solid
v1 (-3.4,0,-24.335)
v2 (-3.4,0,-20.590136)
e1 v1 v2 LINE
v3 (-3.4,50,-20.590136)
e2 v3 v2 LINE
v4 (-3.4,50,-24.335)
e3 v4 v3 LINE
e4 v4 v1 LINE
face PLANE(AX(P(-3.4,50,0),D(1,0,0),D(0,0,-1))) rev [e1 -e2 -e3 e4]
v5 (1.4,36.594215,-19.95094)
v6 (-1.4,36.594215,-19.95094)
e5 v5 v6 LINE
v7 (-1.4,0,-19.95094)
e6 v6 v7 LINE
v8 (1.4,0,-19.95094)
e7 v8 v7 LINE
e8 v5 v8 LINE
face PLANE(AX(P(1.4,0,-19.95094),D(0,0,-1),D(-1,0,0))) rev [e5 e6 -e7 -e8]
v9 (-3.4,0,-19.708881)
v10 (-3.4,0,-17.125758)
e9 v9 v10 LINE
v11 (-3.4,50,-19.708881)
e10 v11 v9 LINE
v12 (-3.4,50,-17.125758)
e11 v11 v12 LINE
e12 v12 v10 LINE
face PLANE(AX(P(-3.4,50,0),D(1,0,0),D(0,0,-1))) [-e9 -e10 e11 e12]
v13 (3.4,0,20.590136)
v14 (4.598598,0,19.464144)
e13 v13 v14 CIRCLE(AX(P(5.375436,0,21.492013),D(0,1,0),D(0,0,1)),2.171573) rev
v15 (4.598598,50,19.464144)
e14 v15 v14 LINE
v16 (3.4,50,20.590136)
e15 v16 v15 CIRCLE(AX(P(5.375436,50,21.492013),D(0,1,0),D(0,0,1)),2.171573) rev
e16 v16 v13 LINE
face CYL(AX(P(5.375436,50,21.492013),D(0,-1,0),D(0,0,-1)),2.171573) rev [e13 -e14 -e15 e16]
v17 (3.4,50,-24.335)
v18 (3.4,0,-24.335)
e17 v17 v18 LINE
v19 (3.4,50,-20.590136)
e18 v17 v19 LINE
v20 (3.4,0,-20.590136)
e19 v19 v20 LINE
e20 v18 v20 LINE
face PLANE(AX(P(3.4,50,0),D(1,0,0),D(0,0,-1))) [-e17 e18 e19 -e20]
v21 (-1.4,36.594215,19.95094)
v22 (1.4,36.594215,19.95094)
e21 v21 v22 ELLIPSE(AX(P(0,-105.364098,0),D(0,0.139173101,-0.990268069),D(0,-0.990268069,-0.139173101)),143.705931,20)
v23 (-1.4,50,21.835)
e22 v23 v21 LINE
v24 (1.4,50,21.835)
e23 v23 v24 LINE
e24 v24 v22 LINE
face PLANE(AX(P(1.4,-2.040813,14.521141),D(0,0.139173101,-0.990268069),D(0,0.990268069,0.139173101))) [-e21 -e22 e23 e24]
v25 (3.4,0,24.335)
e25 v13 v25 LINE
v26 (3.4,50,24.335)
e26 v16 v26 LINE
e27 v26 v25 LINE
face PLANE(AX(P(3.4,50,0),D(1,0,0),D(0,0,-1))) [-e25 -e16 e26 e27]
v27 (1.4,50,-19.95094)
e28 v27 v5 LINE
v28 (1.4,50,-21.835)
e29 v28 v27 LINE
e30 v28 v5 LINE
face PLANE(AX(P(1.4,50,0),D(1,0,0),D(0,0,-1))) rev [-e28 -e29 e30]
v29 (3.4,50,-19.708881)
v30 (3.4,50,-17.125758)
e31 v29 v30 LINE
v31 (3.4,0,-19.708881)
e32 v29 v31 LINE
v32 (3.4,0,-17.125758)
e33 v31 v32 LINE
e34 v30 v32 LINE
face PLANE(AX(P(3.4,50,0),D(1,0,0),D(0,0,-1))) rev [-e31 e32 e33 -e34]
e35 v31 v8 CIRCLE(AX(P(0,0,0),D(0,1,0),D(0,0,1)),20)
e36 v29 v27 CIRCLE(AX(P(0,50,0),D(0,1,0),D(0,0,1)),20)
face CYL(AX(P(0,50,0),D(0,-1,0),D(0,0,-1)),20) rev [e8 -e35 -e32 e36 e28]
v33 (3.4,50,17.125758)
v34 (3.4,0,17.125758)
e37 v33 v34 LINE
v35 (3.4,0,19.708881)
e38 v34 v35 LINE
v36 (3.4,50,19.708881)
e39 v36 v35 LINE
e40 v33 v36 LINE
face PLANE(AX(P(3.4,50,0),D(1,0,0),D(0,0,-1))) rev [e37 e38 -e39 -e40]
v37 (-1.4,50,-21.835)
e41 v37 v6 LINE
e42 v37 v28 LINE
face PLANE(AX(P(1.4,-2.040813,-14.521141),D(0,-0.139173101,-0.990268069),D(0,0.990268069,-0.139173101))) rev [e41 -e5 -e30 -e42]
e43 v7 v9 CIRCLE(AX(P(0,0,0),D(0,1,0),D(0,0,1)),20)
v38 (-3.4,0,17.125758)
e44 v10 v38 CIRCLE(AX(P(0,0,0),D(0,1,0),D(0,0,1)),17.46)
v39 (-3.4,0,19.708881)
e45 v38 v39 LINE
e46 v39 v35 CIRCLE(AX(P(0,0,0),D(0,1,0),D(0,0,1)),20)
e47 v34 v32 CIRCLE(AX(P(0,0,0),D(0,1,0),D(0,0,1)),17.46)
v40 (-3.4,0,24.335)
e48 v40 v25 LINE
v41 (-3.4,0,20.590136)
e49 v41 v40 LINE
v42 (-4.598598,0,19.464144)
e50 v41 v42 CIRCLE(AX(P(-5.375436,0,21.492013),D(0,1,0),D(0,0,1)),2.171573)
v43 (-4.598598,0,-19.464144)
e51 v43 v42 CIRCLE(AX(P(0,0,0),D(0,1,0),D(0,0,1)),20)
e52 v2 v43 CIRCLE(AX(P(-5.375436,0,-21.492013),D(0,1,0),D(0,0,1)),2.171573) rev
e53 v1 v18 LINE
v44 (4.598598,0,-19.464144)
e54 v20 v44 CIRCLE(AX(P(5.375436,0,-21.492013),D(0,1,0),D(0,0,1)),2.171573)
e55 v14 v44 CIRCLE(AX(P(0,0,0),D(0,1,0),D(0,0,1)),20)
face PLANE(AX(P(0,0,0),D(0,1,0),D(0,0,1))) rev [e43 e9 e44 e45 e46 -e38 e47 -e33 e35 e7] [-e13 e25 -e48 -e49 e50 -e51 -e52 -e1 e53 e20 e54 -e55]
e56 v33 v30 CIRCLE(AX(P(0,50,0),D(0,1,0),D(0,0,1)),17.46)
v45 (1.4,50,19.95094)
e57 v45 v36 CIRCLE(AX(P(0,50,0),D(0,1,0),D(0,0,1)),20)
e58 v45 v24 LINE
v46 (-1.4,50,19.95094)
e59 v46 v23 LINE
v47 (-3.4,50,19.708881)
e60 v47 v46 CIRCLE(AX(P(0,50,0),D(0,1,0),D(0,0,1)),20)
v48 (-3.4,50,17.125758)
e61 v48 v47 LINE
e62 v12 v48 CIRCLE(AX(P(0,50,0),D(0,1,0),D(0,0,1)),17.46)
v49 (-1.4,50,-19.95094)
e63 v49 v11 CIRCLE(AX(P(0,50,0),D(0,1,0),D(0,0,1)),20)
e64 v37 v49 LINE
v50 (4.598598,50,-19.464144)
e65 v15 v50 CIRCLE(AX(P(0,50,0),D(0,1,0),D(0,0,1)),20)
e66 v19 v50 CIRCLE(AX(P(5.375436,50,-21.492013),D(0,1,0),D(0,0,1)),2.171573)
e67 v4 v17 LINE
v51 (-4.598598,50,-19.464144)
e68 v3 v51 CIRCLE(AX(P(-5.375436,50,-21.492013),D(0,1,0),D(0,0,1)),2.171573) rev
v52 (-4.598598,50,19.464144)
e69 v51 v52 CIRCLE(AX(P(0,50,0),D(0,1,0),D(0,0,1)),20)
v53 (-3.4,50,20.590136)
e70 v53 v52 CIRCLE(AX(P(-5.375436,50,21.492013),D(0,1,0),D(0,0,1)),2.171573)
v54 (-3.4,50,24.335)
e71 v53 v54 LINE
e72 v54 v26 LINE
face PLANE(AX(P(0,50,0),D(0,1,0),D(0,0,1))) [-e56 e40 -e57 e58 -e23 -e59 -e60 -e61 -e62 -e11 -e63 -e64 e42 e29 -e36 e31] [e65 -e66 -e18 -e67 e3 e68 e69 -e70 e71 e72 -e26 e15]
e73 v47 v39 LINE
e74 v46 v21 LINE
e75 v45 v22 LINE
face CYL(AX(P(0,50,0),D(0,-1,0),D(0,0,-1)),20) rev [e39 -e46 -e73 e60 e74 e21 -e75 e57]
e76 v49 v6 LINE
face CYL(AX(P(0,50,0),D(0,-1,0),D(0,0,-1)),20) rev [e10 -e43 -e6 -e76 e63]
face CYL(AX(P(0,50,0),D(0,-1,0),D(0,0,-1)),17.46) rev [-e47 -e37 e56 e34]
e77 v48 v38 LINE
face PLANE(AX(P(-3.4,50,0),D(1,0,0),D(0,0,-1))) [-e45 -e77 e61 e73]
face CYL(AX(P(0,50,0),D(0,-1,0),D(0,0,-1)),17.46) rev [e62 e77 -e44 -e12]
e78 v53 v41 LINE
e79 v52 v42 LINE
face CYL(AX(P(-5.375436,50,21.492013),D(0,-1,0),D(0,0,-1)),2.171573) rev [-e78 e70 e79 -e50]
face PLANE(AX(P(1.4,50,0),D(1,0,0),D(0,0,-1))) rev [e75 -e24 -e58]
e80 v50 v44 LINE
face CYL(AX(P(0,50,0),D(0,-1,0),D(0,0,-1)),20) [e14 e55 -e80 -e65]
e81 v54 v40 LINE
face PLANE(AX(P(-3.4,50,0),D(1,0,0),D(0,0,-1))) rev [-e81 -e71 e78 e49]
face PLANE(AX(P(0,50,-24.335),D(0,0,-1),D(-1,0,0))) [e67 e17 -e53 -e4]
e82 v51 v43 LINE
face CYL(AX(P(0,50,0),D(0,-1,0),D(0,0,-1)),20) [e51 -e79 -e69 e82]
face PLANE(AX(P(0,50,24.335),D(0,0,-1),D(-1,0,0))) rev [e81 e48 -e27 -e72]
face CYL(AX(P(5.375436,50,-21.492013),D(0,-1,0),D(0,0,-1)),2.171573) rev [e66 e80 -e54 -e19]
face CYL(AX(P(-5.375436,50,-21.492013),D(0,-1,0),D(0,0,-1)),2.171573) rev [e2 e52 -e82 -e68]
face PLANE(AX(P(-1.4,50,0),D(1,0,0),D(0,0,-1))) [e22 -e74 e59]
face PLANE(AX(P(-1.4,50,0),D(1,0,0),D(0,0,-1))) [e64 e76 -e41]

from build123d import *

# Parameters (mm, degrees)
BOSS_EXTRUDE1_DEPTH     = 50
BOSS_EXTRUDE2_DEPTH     = 2.8
CUT_EXTRUDE1_DEPTH      = 60.094773246
CUT_EXTRUDE1_DEPTH_BACK = 60.094773246


with BuildPart() as part:
    # Sketch1 → Boss-Extrude1 (new body)
    with BuildSketch(Plane(origin=(0, 0, 0), x_dir=(1, 0, 0), z_dir=(0, 1, 0))):
        with BuildLine():
            Line((3.4, 20.590136136), (3.4, 19.708881247))
            ThreePointArc((3.4, 19.708881247), (4.001170568, 19.595678965), (4.598597833, 19.464143905))
            ThreePointArc((4.598597833, 19.464143905), (3.888587722, 19.909290009), (3.4, 20.590136136))
        make_face()
        with BuildLine():
            ThreePointArc((-4.598597833, 19.464143905), (-4.001170568, 19.595678965), (-3.4, 19.708881247))
            Line((-3.4, 19.708881247), (-3.4, 20.590136136))
            ThreePointArc((-3.4, 20.590136136), (-3.888587722, 19.909290009), (-4.598597833, 19.464143905))
        make_face()
        with BuildLine():
            Line((-1.4, 19.950939827), (-1.4, 21.835))
            Line((-1.4, 21.835), (1.4, 21.835))
            Line((1.4, 21.835), (1.4, 19.950939827))
            ThreePointArc((1.4, 19.950939827), (2.403049748, 19.855108962), (3.4, 19.708881247))
            Line((3.4, 19.708881247), (3.4, 20.590136136))
            Line((3.4, 20.590136136), (3.4, 24.335))
            Line((3.4, 24.335), (-3.4, 24.335))
            Line((-3.4, 24.335), (-3.4, 20.590136136))
            Line((-3.4, 20.590136136), (-3.4, 19.708881247))
            ThreePointArc((-3.4, 19.708881247), (-2.403049748, 19.855108962), (-1.4, 19.950939827))
        make_face()
        with BuildLine():
            Line((-3.4, 17.125758377), (-3.4, 19.708881247))
            ThreePointArc((-3.4, 19.708881247), (-4.001170568, 19.595678965), (-4.598597833, 19.464143905))
            ThreePointArc((-4.598597833, 19.464143905), (-20, 0), (-4.598597833, -19.464143905))
            ThreePointArc((-4.598597833, -19.464143905), (-4.001170568, -19.595678965), (-3.4, -19.708881247))
            Line((-3.4, -19.708881247), (-3.4, -17.125758377))
            ThreePointArc((-3.4, -17.125758377), (-17.46, 0), (-3.4, 17.125758377))
        make_face()
        with BuildLine():
            ThreePointArc((4.598597833, 19.464143905), (4.001170568, 19.595678965), (3.4, 19.708881247))
            Line((3.4, 19.708881247), (3.4, 17.125758377))
            ThreePointArc((3.4, 17.125758377), (13.494732306, 11.078980097), (17.46, 0))
            ThreePointArc((17.46, 0), (13.494732306, -11.078980097), (3.4, -17.125758377))
            Line((3.4, -17.125758377), (3.4, -19.708881247))
            ThreePointArc((3.4, -19.708881247), (4.001170568, -19.595678965), (4.598597833, -19.464143905))
            ThreePointArc((4.598597833, -19.464143905), (15.683940141, -12.410238582), (20, 0))
            ThreePointArc((20, 0), (15.683940141, 12.410238582), (4.598597833, 19.464143905))
        make_face()
        with BuildLine():
            ThreePointArc((4.598597833, -19.464143905), (4.001170568, -19.595678965), (3.4, -19.708881247))
            Line((3.4, -19.708881247), (3.4, -20.590136136))
            ThreePointArc((3.4, -20.590136136), (3.888587722, -19.909290009), (4.598597833, -19.464143905))
        make_face()
        with BuildLine():
            ThreePointArc((-3.4, -19.708881247), (-4.001170568, -19.595678965), (-4.598597833, -19.464143905))
            ThreePointArc((-4.598597833, -19.464143905), (-3.888587722, -19.909290009), (-3.4, -20.590136136))
            Line((-3.4, -20.590136136), (-3.4, -19.708881247))
        make_face()
        with BuildLine():
            Line((-1.4, -21.835), (-1.4, -19.950939827))
            ThreePointArc((-1.4, -19.950939827), (-2.403049748, -19.855108962), (-3.4, -19.708881247))
            Line((-3.4, -19.708881247), (-3.4, -20.590136136))
            Line((-3.4, -20.590136136), (-3.4, -24.335))
            Line((-3.4, -24.335), (3.4, -24.335))
            Line((3.4, -24.335), (3.4, -20.590136136))
            Line((3.4, -20.590136136), (3.4, -19.708881247))
            ThreePointArc((3.4, -19.708881247), (2.403049748, -19.855108962), (1.4, -19.950939827))
            Line((1.4, -19.950939827), (1.4, -21.835))
            Line((1.4, -21.835), (-1.4, -21.835))
        make_face()
    extrude(amount=BOSS_EXTRUDE1_DEPTH)

    # Sketch2 → Boss-Extrude2 (add)
    with BuildSketch(Plane(origin=(-1.4, 0, 0), x_dir=(0, 0, -1), z_dir=(1, 0, 0))):
        Polygon((21.835, 0), (21.835, 50), (19.950939827, 36.594215293), (19.950939827, 0), align=None)
        Polygon((-21.835, 50), (-21.835, 0), (-14.807958265, 0), align=None)
    extrude(amount=BOSS_EXTRUDE2_DEPTH)

    # Sketch3 → Cut-Extrude1 (cut, two sides: drawn at the far end of the back side and taken through both)
    with BuildSketch(Plane.XZ.offset(-CUT_EXTRUDE1_DEPTH_BACK)):
        with BuildLine():
            ThreePointArc((1.4, 19.950939827), (0, 20), (-1.4, 19.950939827))
            Line((-1.4, 19.950939827), (-1.4, 14.807958265))
            Line((-1.4, 14.807958265), (1.4, 14.807958265))
            Line((1.4, 14.807958265), (1.4, 19.950939827))
        make_face()
    extrude(amount=CUT_EXTRUDE1_DEPTH + CUT_EXTRUDE1_DEPTH_BACK, mode=Mode.SUBTRACT)


solid = part.part
